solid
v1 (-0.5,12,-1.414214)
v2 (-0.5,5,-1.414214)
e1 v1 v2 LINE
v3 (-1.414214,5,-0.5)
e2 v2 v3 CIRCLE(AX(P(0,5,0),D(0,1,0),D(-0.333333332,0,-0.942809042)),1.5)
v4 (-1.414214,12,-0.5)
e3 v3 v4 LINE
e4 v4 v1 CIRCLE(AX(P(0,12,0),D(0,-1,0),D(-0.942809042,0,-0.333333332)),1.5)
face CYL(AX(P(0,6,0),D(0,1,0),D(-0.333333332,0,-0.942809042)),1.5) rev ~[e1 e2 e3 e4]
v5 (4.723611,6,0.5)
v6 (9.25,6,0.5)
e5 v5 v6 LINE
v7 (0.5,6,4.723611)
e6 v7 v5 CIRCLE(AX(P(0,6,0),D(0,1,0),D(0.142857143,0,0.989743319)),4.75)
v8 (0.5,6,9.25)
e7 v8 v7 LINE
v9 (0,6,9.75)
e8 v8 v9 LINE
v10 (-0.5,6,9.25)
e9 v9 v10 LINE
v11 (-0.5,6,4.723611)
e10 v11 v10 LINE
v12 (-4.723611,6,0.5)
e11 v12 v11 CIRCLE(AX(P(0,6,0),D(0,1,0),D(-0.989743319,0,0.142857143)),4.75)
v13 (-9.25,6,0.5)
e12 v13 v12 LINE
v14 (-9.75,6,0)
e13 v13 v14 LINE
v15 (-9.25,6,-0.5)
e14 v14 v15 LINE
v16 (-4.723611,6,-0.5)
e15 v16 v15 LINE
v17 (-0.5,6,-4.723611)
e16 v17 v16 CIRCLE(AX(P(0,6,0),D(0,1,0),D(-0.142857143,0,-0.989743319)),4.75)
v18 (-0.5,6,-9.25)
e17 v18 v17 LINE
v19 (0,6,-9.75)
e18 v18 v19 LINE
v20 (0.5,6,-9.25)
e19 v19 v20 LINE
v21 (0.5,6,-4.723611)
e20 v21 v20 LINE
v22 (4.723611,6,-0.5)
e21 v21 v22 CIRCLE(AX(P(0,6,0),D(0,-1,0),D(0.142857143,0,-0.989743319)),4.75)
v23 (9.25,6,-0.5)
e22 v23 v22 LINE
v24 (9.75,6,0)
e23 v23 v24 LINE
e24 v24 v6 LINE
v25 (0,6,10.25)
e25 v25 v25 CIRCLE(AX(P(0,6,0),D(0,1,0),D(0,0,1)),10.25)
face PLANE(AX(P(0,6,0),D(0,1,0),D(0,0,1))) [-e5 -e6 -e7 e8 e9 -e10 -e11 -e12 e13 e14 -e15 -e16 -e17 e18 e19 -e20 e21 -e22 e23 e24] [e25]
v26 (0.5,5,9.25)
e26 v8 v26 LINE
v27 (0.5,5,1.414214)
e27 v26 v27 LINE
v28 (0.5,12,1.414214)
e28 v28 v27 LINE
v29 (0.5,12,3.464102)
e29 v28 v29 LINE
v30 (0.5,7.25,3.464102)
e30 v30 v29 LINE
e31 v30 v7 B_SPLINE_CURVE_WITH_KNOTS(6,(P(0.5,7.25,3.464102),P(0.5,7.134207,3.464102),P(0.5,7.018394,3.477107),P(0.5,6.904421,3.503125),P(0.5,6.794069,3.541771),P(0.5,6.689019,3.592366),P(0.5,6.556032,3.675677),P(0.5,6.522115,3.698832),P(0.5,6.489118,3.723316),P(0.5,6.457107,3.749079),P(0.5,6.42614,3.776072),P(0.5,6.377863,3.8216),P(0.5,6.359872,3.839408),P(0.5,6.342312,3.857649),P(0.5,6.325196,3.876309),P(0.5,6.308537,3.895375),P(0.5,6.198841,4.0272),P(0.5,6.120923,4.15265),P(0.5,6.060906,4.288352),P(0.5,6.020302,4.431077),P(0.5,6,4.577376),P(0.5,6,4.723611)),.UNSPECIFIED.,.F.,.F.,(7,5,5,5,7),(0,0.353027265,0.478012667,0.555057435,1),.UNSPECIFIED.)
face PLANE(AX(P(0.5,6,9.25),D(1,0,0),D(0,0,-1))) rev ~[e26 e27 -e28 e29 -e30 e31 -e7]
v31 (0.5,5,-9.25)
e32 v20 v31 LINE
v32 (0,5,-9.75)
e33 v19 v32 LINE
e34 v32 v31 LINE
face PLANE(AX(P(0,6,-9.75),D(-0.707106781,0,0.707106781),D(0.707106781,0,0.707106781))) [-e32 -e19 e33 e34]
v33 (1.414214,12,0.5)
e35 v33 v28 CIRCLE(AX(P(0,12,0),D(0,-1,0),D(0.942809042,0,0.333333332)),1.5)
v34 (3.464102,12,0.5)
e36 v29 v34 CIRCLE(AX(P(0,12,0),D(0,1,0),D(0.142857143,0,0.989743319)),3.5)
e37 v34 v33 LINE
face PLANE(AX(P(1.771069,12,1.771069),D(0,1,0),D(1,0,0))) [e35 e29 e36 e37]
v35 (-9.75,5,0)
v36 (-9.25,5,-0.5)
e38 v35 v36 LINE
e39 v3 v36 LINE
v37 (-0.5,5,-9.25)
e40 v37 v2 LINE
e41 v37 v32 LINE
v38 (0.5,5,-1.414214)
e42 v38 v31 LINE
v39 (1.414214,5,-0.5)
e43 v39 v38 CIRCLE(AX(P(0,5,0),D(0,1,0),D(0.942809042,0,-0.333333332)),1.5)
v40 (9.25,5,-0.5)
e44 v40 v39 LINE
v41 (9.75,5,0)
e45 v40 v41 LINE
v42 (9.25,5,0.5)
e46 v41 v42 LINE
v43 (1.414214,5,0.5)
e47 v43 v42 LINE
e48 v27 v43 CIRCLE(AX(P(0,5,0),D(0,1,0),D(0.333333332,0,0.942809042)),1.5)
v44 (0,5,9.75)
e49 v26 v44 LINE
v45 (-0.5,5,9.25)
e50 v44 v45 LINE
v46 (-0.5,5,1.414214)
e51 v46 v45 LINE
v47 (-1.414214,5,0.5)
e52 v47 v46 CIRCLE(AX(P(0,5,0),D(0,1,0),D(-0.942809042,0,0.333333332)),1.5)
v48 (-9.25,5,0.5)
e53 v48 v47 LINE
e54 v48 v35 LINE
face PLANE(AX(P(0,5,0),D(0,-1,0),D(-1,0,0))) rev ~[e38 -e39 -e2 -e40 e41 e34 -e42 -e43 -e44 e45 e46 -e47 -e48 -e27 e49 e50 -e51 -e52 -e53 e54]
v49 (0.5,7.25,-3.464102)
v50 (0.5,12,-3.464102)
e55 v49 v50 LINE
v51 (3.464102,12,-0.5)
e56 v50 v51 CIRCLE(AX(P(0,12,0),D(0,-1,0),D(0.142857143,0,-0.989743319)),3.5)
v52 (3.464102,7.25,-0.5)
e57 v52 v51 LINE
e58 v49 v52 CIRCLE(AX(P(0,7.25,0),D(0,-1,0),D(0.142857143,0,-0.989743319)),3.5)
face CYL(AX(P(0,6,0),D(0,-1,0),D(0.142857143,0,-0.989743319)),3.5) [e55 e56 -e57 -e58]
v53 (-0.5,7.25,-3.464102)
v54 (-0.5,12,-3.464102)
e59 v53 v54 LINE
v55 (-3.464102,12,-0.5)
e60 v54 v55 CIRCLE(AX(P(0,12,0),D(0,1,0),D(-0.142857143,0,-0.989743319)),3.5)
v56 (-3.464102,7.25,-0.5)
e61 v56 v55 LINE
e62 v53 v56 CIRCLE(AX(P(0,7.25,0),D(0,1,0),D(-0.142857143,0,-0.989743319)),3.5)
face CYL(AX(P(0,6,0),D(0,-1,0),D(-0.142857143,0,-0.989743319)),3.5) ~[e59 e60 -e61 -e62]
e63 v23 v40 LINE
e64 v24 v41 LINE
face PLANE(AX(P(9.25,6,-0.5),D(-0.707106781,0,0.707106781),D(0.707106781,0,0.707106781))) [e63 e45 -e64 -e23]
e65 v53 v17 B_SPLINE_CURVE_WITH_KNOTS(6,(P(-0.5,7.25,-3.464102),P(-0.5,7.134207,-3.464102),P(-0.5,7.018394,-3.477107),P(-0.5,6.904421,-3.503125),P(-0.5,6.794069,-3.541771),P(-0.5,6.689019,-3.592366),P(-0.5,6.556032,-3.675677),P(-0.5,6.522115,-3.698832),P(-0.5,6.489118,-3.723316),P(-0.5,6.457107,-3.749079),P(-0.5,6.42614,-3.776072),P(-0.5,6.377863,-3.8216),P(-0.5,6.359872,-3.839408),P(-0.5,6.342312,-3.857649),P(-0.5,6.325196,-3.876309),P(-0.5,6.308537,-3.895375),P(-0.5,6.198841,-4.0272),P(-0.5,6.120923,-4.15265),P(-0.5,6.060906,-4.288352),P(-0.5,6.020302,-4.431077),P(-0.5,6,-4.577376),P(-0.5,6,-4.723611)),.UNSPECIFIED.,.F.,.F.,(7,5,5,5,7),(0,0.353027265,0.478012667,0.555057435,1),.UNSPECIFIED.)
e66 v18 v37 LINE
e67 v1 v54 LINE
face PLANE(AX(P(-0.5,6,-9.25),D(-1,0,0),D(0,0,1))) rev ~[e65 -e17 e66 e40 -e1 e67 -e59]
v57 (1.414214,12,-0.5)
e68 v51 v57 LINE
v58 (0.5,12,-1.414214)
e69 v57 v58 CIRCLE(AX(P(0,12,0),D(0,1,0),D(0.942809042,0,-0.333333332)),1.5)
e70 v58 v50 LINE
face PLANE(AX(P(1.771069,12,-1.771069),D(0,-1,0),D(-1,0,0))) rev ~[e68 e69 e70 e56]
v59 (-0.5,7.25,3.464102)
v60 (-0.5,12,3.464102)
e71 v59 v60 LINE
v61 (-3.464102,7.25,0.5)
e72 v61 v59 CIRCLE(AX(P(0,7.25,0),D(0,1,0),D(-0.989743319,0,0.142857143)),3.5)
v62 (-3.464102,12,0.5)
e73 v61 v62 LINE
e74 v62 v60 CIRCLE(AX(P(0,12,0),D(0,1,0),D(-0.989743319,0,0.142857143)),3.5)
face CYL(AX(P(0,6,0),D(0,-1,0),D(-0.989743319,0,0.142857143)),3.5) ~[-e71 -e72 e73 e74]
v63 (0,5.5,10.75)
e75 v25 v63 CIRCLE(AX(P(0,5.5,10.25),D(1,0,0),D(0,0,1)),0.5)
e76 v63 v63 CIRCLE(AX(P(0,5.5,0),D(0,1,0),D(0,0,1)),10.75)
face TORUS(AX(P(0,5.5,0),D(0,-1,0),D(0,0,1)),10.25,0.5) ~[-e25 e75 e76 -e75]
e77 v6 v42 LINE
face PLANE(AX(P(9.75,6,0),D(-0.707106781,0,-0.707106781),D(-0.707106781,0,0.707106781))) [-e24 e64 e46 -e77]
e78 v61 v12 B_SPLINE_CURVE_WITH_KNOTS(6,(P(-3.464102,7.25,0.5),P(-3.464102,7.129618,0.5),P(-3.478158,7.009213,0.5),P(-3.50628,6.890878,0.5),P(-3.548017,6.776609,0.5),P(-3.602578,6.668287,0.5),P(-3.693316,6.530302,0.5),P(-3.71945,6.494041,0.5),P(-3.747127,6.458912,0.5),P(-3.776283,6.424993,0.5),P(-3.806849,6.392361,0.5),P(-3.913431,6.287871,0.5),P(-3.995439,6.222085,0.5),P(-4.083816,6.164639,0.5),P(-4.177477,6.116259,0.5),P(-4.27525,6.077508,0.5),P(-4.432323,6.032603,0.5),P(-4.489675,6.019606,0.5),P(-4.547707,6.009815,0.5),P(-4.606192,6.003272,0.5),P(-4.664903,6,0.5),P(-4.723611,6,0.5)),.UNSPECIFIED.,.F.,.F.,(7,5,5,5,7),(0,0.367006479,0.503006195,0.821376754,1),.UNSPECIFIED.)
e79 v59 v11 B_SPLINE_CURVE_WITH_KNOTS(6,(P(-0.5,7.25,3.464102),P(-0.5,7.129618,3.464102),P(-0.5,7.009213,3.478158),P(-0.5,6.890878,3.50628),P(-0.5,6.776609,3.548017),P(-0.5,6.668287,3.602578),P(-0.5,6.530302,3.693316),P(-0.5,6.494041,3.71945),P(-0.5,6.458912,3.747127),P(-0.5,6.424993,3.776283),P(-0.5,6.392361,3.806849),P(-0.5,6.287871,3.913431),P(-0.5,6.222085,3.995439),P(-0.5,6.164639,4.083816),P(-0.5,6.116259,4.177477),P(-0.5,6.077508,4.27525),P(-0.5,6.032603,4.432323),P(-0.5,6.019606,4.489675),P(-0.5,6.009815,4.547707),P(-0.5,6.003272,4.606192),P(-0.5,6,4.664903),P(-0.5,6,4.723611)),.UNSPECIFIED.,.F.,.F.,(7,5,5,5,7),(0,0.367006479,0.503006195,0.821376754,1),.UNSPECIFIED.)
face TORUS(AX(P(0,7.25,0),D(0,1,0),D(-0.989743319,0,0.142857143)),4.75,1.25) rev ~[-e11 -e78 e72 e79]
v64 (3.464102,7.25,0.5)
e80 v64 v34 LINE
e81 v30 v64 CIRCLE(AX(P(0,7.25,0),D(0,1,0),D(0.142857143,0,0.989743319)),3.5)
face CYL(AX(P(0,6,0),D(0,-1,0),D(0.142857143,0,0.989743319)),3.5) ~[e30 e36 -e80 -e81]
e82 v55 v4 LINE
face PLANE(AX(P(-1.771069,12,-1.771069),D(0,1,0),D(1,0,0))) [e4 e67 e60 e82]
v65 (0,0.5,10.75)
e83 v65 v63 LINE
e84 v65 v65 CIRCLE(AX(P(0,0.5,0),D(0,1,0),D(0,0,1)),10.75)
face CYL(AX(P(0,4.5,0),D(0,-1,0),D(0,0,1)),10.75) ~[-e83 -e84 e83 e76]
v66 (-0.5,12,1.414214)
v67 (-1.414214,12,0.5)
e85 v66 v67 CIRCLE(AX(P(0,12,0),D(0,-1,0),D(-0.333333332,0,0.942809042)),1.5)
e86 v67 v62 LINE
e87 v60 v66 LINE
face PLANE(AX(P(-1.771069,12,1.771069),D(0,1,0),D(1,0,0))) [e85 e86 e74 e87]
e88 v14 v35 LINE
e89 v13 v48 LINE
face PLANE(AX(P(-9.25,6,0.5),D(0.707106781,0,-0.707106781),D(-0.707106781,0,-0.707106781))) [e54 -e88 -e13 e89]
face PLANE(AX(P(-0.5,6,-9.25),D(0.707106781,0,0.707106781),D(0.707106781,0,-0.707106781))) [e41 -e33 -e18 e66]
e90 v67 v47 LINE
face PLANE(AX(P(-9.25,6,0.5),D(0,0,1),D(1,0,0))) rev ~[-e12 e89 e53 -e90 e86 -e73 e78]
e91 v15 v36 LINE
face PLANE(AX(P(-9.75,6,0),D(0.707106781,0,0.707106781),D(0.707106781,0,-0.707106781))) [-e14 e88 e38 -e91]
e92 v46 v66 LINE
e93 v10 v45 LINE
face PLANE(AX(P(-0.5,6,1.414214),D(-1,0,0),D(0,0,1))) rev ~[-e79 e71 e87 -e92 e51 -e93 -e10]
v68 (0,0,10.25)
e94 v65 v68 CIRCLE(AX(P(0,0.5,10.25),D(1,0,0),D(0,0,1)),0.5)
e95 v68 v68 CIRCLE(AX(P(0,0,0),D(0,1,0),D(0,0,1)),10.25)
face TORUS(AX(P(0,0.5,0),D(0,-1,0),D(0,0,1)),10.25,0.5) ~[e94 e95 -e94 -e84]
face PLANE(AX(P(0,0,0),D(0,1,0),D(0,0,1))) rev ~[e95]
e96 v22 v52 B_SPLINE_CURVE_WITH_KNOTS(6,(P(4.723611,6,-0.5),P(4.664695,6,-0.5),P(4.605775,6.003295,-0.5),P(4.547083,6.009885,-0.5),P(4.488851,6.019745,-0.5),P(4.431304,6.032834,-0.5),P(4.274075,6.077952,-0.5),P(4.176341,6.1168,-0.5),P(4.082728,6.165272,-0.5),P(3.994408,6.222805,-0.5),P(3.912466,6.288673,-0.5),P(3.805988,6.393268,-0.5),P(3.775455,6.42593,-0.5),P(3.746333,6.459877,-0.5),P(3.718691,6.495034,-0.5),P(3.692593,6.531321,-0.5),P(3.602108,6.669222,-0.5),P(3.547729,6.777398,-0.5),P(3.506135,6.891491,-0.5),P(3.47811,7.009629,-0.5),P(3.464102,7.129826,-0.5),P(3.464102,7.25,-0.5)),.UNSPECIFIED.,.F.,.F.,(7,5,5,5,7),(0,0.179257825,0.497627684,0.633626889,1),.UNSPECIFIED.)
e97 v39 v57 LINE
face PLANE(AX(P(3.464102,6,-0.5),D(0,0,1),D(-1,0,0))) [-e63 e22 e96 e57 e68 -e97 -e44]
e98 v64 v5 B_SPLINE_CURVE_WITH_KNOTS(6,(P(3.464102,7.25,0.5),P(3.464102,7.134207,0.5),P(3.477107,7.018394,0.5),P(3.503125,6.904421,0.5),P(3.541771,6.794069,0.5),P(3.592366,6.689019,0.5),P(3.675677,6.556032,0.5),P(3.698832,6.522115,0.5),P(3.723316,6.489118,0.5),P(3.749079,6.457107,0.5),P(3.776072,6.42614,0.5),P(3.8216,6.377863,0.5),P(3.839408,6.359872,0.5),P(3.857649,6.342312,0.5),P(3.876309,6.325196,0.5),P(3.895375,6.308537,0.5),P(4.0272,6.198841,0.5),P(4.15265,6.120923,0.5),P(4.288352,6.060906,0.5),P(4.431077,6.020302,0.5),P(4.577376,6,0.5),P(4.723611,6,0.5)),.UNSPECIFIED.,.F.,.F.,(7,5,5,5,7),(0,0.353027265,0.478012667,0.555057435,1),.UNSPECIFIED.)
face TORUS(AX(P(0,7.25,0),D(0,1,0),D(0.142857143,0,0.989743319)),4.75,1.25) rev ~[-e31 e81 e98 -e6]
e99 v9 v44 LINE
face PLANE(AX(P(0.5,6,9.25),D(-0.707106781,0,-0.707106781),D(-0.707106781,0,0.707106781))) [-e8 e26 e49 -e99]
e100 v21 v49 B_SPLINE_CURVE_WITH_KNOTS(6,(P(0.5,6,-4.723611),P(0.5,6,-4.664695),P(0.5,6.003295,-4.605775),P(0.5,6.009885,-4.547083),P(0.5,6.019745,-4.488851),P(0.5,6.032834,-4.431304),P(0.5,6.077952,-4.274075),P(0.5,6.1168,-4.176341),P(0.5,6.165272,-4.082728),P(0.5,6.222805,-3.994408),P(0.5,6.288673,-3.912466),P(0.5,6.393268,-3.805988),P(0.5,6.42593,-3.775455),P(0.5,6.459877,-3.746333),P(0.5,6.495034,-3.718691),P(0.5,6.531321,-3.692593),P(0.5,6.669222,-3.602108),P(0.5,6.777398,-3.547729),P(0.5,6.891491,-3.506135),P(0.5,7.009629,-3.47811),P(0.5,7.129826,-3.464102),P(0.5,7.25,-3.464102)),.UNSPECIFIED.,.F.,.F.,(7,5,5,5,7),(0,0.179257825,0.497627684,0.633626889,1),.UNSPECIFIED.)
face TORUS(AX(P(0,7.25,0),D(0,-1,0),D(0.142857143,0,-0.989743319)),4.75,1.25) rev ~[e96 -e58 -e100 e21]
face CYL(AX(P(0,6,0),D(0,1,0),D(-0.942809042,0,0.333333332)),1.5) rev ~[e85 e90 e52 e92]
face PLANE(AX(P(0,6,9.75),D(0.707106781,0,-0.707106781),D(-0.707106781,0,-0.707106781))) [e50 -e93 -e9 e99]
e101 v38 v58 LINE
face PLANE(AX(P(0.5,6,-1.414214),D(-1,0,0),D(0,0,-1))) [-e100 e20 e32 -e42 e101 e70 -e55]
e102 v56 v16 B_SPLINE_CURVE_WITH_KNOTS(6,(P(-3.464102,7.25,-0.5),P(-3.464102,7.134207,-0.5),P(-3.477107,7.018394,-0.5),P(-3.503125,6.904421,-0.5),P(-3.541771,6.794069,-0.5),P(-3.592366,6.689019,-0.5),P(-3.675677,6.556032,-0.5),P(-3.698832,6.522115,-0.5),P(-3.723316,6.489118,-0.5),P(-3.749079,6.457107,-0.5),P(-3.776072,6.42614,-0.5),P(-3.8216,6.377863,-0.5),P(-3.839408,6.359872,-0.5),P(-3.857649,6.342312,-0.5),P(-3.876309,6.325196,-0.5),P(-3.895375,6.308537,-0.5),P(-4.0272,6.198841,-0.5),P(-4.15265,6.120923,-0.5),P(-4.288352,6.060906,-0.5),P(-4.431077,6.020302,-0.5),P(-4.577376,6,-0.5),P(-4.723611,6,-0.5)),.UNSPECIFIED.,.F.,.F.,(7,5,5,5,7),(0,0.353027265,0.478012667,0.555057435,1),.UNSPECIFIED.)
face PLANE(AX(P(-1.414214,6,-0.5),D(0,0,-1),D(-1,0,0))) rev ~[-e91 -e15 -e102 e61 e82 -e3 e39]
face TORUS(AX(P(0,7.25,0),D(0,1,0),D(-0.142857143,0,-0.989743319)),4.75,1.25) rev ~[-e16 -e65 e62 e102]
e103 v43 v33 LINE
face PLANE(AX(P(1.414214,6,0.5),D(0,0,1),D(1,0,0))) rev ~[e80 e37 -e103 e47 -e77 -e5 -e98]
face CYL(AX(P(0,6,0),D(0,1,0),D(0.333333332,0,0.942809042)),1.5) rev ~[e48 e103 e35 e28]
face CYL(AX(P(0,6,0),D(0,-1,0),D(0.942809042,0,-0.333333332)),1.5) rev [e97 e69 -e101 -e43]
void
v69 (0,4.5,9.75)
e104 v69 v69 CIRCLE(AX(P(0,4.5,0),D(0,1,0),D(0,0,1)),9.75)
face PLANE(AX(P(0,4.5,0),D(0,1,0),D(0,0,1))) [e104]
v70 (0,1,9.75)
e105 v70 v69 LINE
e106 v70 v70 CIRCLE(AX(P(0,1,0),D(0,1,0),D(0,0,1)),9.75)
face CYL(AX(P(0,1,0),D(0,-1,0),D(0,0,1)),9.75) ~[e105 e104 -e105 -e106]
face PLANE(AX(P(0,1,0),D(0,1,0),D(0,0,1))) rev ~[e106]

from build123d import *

# Parameters (mm, degrees)
SKETCH1_R           = 10.75
SKETCH1_R_2         = 9.75
BOSS_EXTRUDE1_DEPTH = 1
SKETCH2_R           = 10.75
SKETCH2_R_2         = 9.75
BOSS_EXTRUDE2_DEPTH = 3.5
SKETCH3_R           = 10.75
BOSS_EXTRUDE3_DEPTH = 1.5
CUT_EXTRUDE1_DEPTH  = 1
BOSS_EXTRUDE4_DEPTH = 6
FILLET1_R           = 1.25
FILLET2_R           = 0.5


with BuildPart() as part:
    # Sketch1 → Boss-Extrude1 (new body)
    with BuildSketch(Plane(origin=(0, 0, 0), x_dir=(1, 0, 0), z_dir=(0, 1, 0))):
        with Locations(Location((0, 0, 0), (0, 0, 270))):
            Circle(SKETCH1_R)
        Circle(SKETCH1_R_2, mode=Mode.SUBTRACT)
        Circle(SKETCH1_R_2)
    extrude(amount=BOSS_EXTRUDE1_DEPTH)

    # Sketch2 → Boss-Extrude2 (add)
    with BuildSketch(Plane(origin=(0, 1, 0), x_dir=(1, 0, 0), z_dir=(0, 1, 0))):
        with Locations(Location((0, 0, 0), (0, 0, 270))):
            Circle(SKETCH2_R)
        with Locations(Location((0, 0, 0), (0, 0, 270))):
            Circle(SKETCH2_R_2, mode=Mode.SUBTRACT)
    extrude(amount=BOSS_EXTRUDE2_DEPTH)

    # Sketch3 → Boss-Extrude3 (add)
    with BuildSketch(Plane(origin=(0, 4.5, 0), x_dir=(1, 0, 0), z_dir=(0, 1, 0))):
        with Locations(Location((0, 0, 0), (0, 0, 270))):
            Circle(SKETCH3_R)
    extrude(amount=BOSS_EXTRUDE3_DEPTH)

    # Sketch4 → Cut-Extrude1 (cut)
    with BuildSketch(Plane(origin=(0, 6, 0), x_dir=(1, 0, 0), z_dir=(0, 1, 0))):
        Polygon((-9.25, -0.5), (-9.75, 0), (-9.25, 0.5), (-0.5, 0.5), (-0.5, 9.25), (0, 9.75), (0.5, 9.25), (0.5, 0.5), (9.25, 0.5), (9.75, 0), (9.25, -0.5), (0.5, -0.5), (0.5, -9.25), (0, -9.75), (-0.5, -9.25), (-0.5, -0.5), align=None)
        with BuildLine():
            ThreePointArc((-1.414213562, -0.5), (-1.5, 0), (-1.414213562, 0.5))
            Line((-1.414213562, 0.5), (-9.25, 0.5))
            Line((-9.25, 0.5), (-9.75, 0))
            Line((-9.75, 0), (-9.25, -0.5))
            Line((-9.25, -0.5), (-1.414213562, -0.5))
        make_face()
        with BuildLine():
            Line((9.25, 0.5), (1.414213562, 0.5))
            ThreePointArc((1.414213562, 0.5), (1.478397839, 0.253652968), (1.5, 0))
            ThreePointArc((1.5, 0), (1.478397839, -0.253652968), (1.414213562, -0.5))
            Line((1.414213562, -0.5), (9.25, -0.5))
            Line((9.25, -0.5), (9.75, 0))
            Line((9.75, 0), (9.25, 0.5))
        make_face()
        with BuildLine():
            Line((-0.5, 9.25), (-0.5, 1.414213562))
            ThreePointArc((-0.5, 1.414213562), (0, 1.5), (0.5, 1.414213562))
            Line((0.5, 1.414213562), (0.5, 9.25))
            Line((0.5, 9.25), (0, 9.75))
            Line((0, 9.75), (-0.5, 9.25))
        make_face()
        with BuildLine():
            ThreePointArc((0.5, -1.414213562), (0, -1.5), (-0.5, -1.414213562))
            Line((-0.5, -1.414213562), (-0.5, -9.25))
            Line((-0.5, -9.25), (0, -9.75))
            Line((0, -9.75), (0.5, -9.25))
            Line((0.5, -9.25), (0.5, -1.414213562))
        make_face()
        with BuildLine():
            Line((-0.5, -0.5), (-1.414213562, -0.5))
            ThreePointArc((-1.414213562, -0.5), (-1.060660172, -1.060660172), (-0.5, -1.414213562))
            Line((-0.5, -1.414213562), (-0.5, -0.5))
        make_face()
        with BuildLine():
            Line((-1.414213562, 0.5), (-0.5, 0.5))
            Line((-0.5, 0.5), (-0.5, 1.414213562))
            ThreePointArc((-0.5, 1.414213562), (-1.060660172, 1.060660172), (-1.414213562, 0.5))
        make_face()
        with BuildLine():
            ThreePointArc((1.414213562, 0.5), (1.060660172, 1.060660172), (0.5, 1.414213562))
            Line((0.5, 1.414213562), (0.5, 0.5))
            Line((0.5, 0.5), (1.414213562, 0.5))
        make_face()
        with BuildLine():
            Line((0.5, -0.5), (0.5, -1.414213562))
            ThreePointArc((0.5, -1.414213562), (1.060660172, -1.060660172), (1.414213562, -0.5))
            Line((1.414213562, -0.5), (0.5, -0.5))
        make_face()
    extrude(amount=-CUT_EXTRUDE1_DEPTH, mode=Mode.SUBTRACT)

    # Sketch6 → Boss-Extrude4 (add)
    with BuildSketch(Plane(origin=(0, 6, 0), x_dir=(1, 0, 0), z_dir=(0, 1, 0))):
        with BuildLine():
            Line((0.5, 1.414213562), (0.5, 3.464101615))
            ThreePointArc((0.5, 3.464101615), (2.474873734, 2.474873734), (3.464101615, 0.5))
            Line((3.464101615, 0.5), (1.414213562, 0.5))
            ThreePointArc((1.414213562, 0.5), (1.060660172, 1.060660172), (0.5, 1.414213562))
        make_face()
        with BuildLine():
            Line((0.5, -1.414213562), (0.5, -3.464101615))
            ThreePointArc((0.5, -3.464101615), (2.474873734, -2.474873734), (3.464101615, -0.5))
            Line((3.464101615, -0.5), (1.414213562, -0.5))
            ThreePointArc((1.414213562, -0.5), (1.060660172, -1.060660172), (0.5, -1.414213562))
        make_face()
        with BuildLine():
            Line((-1.414213562, -0.5), (-3.464101615, -0.5))
            ThreePointArc((-3.464101615, -0.5), (-2.474873734, -2.474873734), (-0.5, -3.464101615))
            Line((-0.5, -3.464101615), (-0.5, -1.414213562))
            ThreePointArc((-0.5, -1.414213562), (-1.060660172, -1.060660172), (-1.414213562, -0.5))
        make_face()
        with BuildLine():
            Line((-0.5, 1.414213562), (-0.5, 3.464101615))
            ThreePointArc((-0.5, 3.464101615), (-2.474873734, 2.474873734), (-3.464101615, 0.5))
            Line((-3.464101615, 0.5), (-1.414213562, 0.5))
            ThreePointArc((-1.414213562, 0.5), (-1.060660172, 1.060660172), (-0.5, 1.414213562))
        make_face()
    extrude(amount=BOSS_EXTRUDE4_DEPTH)

    # Fillet1
    fillet1_edges = [part.edges().sort_by_distance(p)[0] for p in [
        (-2.474873734, 6, 2.474873734),
        (-2.474873734, 6, -2.474873734),
        (2.474873734, 6, -2.474873734),
        (2.474873734, 6, 2.474873734),
    ]]
    fillet(fillet1_edges, radius=FILLET1_R)

    # Fillet2
    fillet2_edges = [part.edges().sort_by_distance(p)[0] for p in [
        (0, 6, -10.75),
        (0, 0, -10.75),
    ]]
    fillet(fillet2_edges, radius=FILLET2_R)


solid = part.part
